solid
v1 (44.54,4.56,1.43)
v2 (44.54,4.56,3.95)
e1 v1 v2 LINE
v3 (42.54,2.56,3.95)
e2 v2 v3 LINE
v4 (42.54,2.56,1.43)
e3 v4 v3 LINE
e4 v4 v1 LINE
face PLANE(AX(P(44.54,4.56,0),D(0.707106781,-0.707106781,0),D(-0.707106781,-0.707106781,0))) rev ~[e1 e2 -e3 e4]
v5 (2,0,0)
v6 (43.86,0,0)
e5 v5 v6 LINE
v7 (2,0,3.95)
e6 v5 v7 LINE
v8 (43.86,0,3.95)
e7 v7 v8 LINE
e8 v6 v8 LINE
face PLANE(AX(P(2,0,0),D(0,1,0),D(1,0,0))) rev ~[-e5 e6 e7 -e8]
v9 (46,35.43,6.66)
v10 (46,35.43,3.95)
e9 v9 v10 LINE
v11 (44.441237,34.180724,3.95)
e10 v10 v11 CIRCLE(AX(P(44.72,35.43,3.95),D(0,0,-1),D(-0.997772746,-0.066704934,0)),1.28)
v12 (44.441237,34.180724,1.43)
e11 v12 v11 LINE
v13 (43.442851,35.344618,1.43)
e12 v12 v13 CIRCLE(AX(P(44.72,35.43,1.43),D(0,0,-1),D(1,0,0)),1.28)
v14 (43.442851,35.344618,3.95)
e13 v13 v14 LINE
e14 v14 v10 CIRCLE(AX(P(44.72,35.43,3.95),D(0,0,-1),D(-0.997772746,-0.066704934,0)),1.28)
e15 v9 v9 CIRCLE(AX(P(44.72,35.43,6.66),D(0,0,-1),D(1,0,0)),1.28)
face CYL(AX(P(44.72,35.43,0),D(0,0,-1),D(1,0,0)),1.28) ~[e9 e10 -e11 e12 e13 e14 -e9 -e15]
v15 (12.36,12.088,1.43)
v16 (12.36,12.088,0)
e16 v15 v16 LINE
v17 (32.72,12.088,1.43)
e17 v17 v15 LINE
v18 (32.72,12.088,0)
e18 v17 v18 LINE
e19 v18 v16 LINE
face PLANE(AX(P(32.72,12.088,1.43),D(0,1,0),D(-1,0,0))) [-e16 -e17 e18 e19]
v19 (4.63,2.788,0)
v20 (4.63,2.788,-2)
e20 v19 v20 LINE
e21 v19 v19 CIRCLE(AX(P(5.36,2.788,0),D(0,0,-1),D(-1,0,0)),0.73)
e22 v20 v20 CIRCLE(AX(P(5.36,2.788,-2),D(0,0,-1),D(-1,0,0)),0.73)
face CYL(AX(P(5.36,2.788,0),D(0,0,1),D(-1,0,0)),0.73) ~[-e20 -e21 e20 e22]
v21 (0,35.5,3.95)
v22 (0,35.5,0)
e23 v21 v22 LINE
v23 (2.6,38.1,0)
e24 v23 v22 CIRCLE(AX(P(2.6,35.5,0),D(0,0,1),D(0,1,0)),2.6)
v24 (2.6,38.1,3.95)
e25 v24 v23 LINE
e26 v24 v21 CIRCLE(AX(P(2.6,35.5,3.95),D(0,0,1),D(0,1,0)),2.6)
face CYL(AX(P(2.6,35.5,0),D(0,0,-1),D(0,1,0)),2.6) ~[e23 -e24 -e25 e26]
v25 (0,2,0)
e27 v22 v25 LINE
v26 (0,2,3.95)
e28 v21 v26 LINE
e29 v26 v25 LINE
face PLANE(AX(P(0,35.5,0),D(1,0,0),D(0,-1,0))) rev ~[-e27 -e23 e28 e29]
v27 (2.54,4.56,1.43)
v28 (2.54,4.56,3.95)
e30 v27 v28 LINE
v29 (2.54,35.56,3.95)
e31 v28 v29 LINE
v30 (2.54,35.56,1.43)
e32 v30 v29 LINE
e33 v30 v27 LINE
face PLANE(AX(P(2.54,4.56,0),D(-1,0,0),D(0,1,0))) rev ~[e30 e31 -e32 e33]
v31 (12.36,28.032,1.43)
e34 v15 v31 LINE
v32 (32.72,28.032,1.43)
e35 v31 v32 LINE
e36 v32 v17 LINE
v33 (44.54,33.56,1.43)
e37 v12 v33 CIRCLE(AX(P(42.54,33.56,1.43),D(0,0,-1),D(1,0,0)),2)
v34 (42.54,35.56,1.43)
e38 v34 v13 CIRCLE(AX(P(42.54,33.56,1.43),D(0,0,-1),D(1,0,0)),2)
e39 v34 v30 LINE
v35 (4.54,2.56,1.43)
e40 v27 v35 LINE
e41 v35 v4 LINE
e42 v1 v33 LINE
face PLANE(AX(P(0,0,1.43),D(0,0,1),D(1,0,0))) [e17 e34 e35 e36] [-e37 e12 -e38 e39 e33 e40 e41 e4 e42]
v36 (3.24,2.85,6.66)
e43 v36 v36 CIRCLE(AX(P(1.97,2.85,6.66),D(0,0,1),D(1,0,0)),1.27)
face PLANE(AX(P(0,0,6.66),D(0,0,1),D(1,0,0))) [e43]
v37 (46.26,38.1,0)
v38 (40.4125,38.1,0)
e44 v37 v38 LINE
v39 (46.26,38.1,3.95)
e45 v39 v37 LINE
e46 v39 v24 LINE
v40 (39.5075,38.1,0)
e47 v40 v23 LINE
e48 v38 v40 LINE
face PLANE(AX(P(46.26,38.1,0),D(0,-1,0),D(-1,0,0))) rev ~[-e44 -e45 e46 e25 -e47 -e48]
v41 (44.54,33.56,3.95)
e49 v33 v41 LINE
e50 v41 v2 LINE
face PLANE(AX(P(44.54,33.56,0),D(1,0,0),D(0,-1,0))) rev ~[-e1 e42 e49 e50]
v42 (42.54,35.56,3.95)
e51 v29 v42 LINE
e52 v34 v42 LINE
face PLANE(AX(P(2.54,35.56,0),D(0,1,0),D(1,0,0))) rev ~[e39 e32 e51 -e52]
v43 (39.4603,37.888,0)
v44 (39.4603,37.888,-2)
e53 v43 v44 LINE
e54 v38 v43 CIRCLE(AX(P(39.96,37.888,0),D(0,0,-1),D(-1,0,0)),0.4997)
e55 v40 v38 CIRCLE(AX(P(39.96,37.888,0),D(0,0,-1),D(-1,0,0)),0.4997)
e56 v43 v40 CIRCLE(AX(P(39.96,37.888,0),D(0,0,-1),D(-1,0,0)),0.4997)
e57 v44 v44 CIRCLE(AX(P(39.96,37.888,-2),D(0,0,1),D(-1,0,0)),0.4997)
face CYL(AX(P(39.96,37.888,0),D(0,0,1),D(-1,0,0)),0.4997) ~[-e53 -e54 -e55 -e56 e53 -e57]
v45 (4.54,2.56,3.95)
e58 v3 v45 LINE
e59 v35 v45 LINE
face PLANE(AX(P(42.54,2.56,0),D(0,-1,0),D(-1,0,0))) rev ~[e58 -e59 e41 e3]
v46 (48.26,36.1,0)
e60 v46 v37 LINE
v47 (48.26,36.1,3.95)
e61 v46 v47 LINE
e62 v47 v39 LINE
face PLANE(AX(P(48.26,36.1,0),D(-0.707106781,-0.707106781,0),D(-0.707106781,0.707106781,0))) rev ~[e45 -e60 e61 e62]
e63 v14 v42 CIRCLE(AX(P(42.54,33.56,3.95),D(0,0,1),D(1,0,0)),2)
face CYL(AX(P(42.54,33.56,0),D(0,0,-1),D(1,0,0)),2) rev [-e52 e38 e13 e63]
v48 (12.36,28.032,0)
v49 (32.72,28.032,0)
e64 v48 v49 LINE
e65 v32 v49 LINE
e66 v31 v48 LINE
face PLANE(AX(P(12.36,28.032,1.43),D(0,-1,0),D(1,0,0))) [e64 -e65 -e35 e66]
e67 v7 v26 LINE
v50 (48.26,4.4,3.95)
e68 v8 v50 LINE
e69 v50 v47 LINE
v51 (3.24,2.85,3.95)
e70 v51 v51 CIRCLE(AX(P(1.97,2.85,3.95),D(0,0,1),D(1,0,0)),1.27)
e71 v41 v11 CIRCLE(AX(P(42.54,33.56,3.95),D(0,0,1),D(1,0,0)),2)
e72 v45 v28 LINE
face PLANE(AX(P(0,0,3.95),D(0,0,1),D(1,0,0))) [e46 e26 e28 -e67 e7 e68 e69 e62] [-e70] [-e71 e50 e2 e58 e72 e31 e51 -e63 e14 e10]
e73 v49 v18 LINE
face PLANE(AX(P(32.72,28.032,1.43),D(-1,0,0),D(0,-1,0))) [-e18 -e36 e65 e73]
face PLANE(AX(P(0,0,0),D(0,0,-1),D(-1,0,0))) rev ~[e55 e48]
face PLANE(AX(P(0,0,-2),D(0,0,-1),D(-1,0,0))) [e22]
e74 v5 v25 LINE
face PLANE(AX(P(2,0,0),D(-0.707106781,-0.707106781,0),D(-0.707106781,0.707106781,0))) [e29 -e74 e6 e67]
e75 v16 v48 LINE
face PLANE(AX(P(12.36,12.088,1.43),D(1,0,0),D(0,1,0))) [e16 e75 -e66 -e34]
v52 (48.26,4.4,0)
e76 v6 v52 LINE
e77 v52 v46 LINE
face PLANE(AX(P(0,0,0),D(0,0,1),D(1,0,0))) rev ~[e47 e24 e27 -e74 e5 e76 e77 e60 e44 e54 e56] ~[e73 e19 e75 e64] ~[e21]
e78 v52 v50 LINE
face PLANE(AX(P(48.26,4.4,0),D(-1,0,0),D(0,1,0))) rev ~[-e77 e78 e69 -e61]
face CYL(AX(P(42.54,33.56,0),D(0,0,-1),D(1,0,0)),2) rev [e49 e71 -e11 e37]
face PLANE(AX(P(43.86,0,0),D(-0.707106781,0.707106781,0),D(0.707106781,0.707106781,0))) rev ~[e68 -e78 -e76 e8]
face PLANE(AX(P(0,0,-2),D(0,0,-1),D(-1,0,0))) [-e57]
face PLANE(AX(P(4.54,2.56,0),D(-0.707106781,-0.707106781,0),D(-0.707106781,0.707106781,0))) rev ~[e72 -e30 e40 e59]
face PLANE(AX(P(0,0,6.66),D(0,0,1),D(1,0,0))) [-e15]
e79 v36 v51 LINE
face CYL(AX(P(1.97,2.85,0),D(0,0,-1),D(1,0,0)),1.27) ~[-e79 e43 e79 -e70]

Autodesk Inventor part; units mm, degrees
ref_plane "YZ Plane" through (0, 0, 0) normal (1, 0, 0) x (0, 1, 0)
ref_plane "XZ Plane" through (0, 0, 0) normal (0, 1, 0) x (-1, 0, 0)
ref_plane "XY Plane" through (0, 0, 0) normal (0, 0, 1) x (1, 0, 0)
sketch "Sketch1" plane through (0, 0, 0) normal (0, 0, 1) x (1, 0, 0)
  line L0 (2, 0) -> (43.86, 0)
  line L1 (48.26, 4.4) -> (48.26, 36.1)
  line L2 (46.26, 38.1) -> (2.6, 38.1)
  line L3 (0, 35.5) -> (0, 2)
  arc A0 (2.6, 38.1) -> (0, 35.5) centre (2.6, 35.5) ccw
  line L4 (2.54, 35.56) -> (42.54, 35.56)
  line L5 (44.54, 33.56) -> (44.54, 4.56)
  line L6 (42.54, 2.56) -> (4.54, 2.56)
  line L7 (2.54, 4.56) -> (2.54, 35.56)
  line L8 (43.86, 0) -> (48.26, 4.4)
  line L9 (44.54, 4.56) -> (42.54, 2.56)
  line L10 (4.54, 2.56) -> (2.54, 4.56)
  circle A1 centre (44.72, 35.43) radius 1.28
  circle A2 centre (1.97, 2.85) radius 1.27
  line L11 (2.54, 35.56) -> (44.54, 2.56) construction
  line L12 (44.54, 35.56) -> (2.54, 2.56) construction
  arc A3 (44.54, 33.56) -> (42.54, 35.56) centre (42.54, 33.56) ccw
  line L13 (48.26, 36.1) -> (46.26, 38.1)
  line L14 (2, 0) -> (0, 2)
  point P0 (0, 0)
  point P1 (48.26, 38.1)
  point P2 (48.26, 0)
  point P3 (0, 38.1)
  point P4 (4.2502, 2.8498)
  point P5 (2.916, 4.184)
  point P6 (43.4429, 35.3446)
  point P7 (44.4412, 34.1807)
  dimension "d0" = 38.1
  dimension "d1" = 48.26
  dimension "d2" = 2.6
  dimension "d3" = 33
  dimension "d4" = 42
  dimension "d5" = 2.54
  dimension "d6" = 2.54
  dimension "d7" = 4.4
  dimension "d8" = 4.4
  dimension "d9" = 2
  dimension "d10" = 2
  dimension "d11" = 2
  dimension "d12" = 2
  dimension "d13" = 44.72
  dimension "d14" = 2.56
  dimension "d15" = 2.67
  dimension "d16" = 2.54
  dimension "d27" = 2
  dimension "d28" = 2
  dimension "d29" = 2
  dimension "d30" = 1.97
  dimension "d31" = 2.85
  dimension "d32" = 2
  dimension "d33" = 2
extrude "Extrusion1" add sketch "Sketch1" along normal blind 1.43 contours L14 L3 A0 L2 L13 L1 L8 L0 | L4 A3 A1 L5 L9 L6 L10 L7 | A3 A1 | A1 A3 | A2
extrude "Extrusion2" add sketch "Sketch1" along normal blind 3.95
extrude "Extrusion3" add sketch "Sketch1" along normal blind 4 contours A3 A1 | A1 A3 | A2
extrude "Extrusion4" add sketch "Sketch1" along normal blind 6.66 contours A3 A1 | A1 A3 | A2
sketch "Sketch2" plane through (0, 0, 1.43) normal (0, 0, 1) x (1, 0, 0)
  line L0 (12.36, 28.032) -> (32.72, 28.032)
  line L1 (32.72, 28.032) -> (32.72, 12.088)
  line L2 (32.72, 12.088) -> (12.36, 12.088)
  line L3 (12.36, 12.088) -> (12.36, 28.032)
  line L4 (2.54, 35.56) -> (42.54, 35.56) projected
  line L5 (2.54, 4.56) -> (2.54, 35.56) projected
  point P0 (0, 0)
  point P1 (22.54, 28.032)
  point P2 (22.54, 35.56)
  point P3 (2.54, 20.06)
  point P4 (12.36, 20.06)
  dimension "d34" = 25.86
  dimension "d35" = 20.36
extrude "Extrusion5" cut sketch "Sketch2" against normal blind 4
sketch "Sketch3" plane through (0, 0, 0) normal (0, 0, -1) x (-1, 0, 0)
  circle A0 centre (-39.96, 37.888) radius 0.4997
  circle A1 centre (-5.36, 2.788) radius 0.73
  line L0 (-2, 0) -> (-43.86, 0) projected
  line L1 (0, 35.5) -> (0, 2) projected
  line L2 (-46.26, 38.1) -> (-2.6, 38.1) projected
  line L3 (-12.36, 12.088) -> (-12.36, 28.032) projected
  point P0 (0, 0)
  dimension "d40" = 1.46
  dimension "d45" = 34.6
  dimension "d46" = 35.1
  dimension "d47" = 7
  dimension "d48" = 9.3
extrude "Extrusion6" add sketch "Sketch3" along normal blind 2
equation "\"d8\" = d7"
equation "\"d10\" = d9"
equation "\"d12\" = d11"
equation "\"d29\" = d28"
equation "\"d33\" = d32"
properties part number "tray"
